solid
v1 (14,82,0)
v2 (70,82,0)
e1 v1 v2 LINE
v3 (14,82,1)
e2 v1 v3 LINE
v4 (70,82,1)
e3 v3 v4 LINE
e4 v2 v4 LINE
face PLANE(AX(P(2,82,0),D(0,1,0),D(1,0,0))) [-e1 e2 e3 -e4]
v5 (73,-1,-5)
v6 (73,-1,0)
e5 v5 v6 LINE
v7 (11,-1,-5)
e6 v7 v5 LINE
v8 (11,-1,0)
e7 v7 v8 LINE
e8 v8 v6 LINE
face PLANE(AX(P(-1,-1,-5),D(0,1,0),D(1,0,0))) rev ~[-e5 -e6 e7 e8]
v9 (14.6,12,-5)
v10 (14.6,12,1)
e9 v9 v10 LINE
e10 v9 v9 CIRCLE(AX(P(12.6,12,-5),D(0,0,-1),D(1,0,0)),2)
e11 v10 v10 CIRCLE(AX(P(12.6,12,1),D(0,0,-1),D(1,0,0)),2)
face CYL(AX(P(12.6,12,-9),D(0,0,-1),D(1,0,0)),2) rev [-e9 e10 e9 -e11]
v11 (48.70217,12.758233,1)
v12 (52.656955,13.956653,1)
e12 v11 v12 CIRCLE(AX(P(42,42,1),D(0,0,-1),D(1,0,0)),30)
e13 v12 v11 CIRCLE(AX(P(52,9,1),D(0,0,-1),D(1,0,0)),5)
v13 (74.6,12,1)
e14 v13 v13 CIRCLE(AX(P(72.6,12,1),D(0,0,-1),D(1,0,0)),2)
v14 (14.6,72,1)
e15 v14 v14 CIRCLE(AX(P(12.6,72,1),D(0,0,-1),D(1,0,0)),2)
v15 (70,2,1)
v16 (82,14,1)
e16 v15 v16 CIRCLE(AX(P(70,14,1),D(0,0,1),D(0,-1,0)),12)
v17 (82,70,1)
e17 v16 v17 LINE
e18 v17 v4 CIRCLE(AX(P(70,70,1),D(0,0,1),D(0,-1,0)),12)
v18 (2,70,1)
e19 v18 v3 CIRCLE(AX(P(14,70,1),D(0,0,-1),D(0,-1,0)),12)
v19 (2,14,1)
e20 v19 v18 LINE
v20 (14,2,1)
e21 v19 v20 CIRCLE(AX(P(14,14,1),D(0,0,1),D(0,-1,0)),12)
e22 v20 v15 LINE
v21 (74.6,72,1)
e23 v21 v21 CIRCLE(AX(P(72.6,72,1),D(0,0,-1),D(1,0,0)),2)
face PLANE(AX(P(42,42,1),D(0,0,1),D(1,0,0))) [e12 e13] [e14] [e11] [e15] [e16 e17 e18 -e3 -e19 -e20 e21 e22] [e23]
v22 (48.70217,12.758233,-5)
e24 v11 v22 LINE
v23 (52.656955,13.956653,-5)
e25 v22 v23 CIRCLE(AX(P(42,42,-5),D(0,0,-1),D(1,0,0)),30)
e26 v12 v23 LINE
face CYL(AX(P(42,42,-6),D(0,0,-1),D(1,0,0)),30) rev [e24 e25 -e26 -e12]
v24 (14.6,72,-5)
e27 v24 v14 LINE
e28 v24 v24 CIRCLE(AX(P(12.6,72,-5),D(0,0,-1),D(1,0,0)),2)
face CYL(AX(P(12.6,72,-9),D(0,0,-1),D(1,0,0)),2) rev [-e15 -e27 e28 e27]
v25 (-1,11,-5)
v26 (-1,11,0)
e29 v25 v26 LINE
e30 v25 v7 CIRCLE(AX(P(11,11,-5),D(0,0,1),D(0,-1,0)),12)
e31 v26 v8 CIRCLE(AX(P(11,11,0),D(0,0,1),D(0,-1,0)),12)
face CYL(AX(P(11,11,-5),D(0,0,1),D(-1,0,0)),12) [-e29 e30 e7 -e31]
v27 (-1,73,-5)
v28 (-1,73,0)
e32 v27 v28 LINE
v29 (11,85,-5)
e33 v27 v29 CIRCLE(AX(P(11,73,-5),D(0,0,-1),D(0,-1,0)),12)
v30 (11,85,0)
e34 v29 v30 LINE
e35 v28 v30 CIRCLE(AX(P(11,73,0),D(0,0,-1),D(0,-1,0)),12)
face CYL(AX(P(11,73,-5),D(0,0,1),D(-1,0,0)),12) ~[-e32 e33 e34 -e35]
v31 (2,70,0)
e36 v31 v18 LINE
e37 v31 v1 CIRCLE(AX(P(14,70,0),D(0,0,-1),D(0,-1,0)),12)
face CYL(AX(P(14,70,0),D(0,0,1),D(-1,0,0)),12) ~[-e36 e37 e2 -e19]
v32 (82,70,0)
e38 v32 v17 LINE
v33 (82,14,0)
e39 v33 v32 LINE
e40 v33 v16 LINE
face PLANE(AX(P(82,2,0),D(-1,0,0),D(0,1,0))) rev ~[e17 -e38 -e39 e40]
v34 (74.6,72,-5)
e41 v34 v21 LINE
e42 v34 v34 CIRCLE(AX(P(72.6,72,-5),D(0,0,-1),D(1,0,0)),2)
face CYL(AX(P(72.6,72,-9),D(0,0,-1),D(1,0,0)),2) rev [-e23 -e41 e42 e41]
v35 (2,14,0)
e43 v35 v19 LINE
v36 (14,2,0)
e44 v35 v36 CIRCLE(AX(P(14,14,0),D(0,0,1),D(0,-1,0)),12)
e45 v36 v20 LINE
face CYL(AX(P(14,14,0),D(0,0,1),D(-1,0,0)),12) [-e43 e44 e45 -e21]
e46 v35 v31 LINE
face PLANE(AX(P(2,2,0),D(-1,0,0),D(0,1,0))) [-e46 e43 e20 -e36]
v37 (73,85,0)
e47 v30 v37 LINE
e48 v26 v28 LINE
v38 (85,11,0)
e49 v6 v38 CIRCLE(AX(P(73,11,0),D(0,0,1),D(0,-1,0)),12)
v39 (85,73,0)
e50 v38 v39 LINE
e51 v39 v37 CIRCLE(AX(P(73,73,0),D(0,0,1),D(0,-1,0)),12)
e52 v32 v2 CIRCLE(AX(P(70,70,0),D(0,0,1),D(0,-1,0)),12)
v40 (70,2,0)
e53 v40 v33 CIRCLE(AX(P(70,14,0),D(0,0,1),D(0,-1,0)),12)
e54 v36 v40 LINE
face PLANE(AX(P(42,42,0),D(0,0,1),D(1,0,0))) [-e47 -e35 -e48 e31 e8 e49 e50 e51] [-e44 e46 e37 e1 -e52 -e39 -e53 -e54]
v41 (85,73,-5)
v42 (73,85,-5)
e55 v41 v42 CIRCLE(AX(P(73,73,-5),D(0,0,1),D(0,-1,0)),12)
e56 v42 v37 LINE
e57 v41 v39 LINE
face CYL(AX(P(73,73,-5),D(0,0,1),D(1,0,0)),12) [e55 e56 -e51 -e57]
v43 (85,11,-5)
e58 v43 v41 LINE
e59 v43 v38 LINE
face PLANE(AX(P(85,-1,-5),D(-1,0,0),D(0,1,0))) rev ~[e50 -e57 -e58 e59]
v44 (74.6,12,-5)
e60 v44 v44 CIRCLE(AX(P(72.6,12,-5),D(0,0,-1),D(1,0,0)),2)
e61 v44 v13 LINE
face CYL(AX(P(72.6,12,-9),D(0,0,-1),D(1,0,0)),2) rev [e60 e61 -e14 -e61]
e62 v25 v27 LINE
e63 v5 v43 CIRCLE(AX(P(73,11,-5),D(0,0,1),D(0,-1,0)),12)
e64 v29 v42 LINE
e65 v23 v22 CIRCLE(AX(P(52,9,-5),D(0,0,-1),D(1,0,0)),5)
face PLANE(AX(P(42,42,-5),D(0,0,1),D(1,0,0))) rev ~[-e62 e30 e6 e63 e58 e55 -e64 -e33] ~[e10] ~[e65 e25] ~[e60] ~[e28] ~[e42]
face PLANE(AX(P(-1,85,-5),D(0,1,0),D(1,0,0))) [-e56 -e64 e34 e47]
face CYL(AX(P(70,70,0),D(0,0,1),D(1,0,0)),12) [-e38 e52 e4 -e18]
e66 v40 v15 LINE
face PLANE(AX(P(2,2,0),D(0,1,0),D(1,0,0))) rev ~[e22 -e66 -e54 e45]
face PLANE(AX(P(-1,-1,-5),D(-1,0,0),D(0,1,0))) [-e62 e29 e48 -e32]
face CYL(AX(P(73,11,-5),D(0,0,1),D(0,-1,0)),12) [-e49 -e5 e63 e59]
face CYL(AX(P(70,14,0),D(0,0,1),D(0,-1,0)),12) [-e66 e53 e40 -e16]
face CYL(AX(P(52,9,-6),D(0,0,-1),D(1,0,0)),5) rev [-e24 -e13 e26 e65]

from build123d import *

# Parameters (mm, degrees)
CYLINDER009_R     = 5
CYLINDER009_DEPTH = 10
CYLINDER008_R     = 30
CYLINDER008_DEPTH = 10
CYLINDER012_R     = 2
CYLINDER012_DEPTH = 63
CYLINDER013_R     = 2
CYLINDER013_DEPTH = 63
CYLINDER014_R     = 2
CYLINDER014_DEPTH = 63
CYLINDER011_R     = 2
CYLINDER011_DEPTH = 63
BOX004_W          = 86
BOX004_H          = 86
BOX004_DEPTH      = 5
FILLET003_R       = 12
BOX003_W          = 80
BOX003_H          = 80
BOX003_DEPTH      = 1
FILLET002_R       = 12


with BuildPart() as led:
    # Cylinder009 → Cylinder009 (new body)
    with BuildSketch(Plane(origin=(52, 9, -6), x_dir=(1, 0, 0), z_dir=(0, 0, 1))):
        Circle(CYLINDER009_R)
    extrude(amount=CYLINDER009_DEPTH)


with BuildPart() as speaker:
    # Cylinder008 → Cylinder008 (new body)
    with BuildSketch(Plane(origin=(42, 42, -6), x_dir=(1, 0, 0), z_dir=(0, 0, 1))):
        Circle(CYLINDER008_R)
    extrude(amount=CYLINDER008_DEPTH)


with BuildPart() as rod2:
    # Cylinder012 → Cylinder012 (new body)
    with BuildSketch(Plane(origin=(72.6, 72, -9), x_dir=(1, 0, 0), z_dir=(0, 0, 1))):
        Circle(CYLINDER012_R)
    extrude(amount=CYLINDER012_DEPTH)


with BuildPart() as rod3:
    # Cylinder013 → Cylinder013 (new body)
    with BuildSketch(Plane(origin=(12.6, 12, -9), x_dir=(1, 0, 0), z_dir=(0, 0, 1))):
        Circle(CYLINDER013_R)
    extrude(amount=CYLINDER013_DEPTH)


with BuildPart() as rod4:
    # Cylinder014 → Cylinder014 (new body)
    with BuildSketch(Plane(origin=(12.6, 72, -9), x_dir=(1, 0, 0), z_dir=(0, 0, 1))):
        Circle(CYLINDER014_R)
    extrude(amount=CYLINDER014_DEPTH)


with BuildPart() as holes:
    # Cylinder011 → Cylinder011 (new body)
    with BuildSketch(Plane(origin=(72.6, 12, -9), x_dir=(1, 0, 0), z_dir=(0, 0, 1))):
        Circle(CYLINDER011_R)
    extrude(amount=CYLINDER011_DEPTH)

    # Fusion003: union LED, Speaker, rod2, rod3, rod4
    add(led.part)
    add(speaker.part)
    add(rod2.part)
    add(rod3.part)
    add(rod4.part)


with BuildPart() as fillet003:
    # Box004 → Box004 (new body)
    with BuildSketch(Plane.XY):
        with Locations((43, 43)):
            Rectangle(BOX004_W, BOX004_H)
    extrude(amount=BOX004_DEPTH)

    # Fillet003
    fillet003_edges = [fillet003.edges().sort_by_distance(p)[0] for p in [
        (0, 0, 2.5),
        (0, 86, 2.5),
        (86, 0, 2.5),
        (86, 86, 2.5),
    ]]
    fillet(fillet003_edges, radius=FILLET003_R)


with BuildPart() as fillet003_1:
    # Fillet003 placement: moved
    add(fillet003.part.moved(Location((-3, -3, -5))))


with BuildPart() as frontspeaker:
    # Box003 → Box003 (new body)
    with BuildSketch(Plane.XY):
        with Locations((40, 40)):
            Rectangle(BOX003_W, BOX003_H)
    extrude(amount=BOX003_DEPTH)

    # Fillet002
    fillet002_edges = [frontspeaker.edges().sort_by_distance(p)[0] for p in [
        (0, 0, 0.5),
        (0, 80, 0.5),
        (80, 0, 0.5),
        (80, 80, 0.5),
    ]]
    fillet(fillet002_edges, radius=FILLET002_R)

    # Fusion001: union Fillet003
    add(fillet003_1.part)


with BuildPart() as frontspeaker_1:
    # Fusion001 placement: moved
    add(frontspeaker.part.moved(Location((2, 2, 0))))

    # Cut005: cut holes
    add(holes.part, mode=Mode.SUBTRACT)


solid = frontspeaker_1.part
